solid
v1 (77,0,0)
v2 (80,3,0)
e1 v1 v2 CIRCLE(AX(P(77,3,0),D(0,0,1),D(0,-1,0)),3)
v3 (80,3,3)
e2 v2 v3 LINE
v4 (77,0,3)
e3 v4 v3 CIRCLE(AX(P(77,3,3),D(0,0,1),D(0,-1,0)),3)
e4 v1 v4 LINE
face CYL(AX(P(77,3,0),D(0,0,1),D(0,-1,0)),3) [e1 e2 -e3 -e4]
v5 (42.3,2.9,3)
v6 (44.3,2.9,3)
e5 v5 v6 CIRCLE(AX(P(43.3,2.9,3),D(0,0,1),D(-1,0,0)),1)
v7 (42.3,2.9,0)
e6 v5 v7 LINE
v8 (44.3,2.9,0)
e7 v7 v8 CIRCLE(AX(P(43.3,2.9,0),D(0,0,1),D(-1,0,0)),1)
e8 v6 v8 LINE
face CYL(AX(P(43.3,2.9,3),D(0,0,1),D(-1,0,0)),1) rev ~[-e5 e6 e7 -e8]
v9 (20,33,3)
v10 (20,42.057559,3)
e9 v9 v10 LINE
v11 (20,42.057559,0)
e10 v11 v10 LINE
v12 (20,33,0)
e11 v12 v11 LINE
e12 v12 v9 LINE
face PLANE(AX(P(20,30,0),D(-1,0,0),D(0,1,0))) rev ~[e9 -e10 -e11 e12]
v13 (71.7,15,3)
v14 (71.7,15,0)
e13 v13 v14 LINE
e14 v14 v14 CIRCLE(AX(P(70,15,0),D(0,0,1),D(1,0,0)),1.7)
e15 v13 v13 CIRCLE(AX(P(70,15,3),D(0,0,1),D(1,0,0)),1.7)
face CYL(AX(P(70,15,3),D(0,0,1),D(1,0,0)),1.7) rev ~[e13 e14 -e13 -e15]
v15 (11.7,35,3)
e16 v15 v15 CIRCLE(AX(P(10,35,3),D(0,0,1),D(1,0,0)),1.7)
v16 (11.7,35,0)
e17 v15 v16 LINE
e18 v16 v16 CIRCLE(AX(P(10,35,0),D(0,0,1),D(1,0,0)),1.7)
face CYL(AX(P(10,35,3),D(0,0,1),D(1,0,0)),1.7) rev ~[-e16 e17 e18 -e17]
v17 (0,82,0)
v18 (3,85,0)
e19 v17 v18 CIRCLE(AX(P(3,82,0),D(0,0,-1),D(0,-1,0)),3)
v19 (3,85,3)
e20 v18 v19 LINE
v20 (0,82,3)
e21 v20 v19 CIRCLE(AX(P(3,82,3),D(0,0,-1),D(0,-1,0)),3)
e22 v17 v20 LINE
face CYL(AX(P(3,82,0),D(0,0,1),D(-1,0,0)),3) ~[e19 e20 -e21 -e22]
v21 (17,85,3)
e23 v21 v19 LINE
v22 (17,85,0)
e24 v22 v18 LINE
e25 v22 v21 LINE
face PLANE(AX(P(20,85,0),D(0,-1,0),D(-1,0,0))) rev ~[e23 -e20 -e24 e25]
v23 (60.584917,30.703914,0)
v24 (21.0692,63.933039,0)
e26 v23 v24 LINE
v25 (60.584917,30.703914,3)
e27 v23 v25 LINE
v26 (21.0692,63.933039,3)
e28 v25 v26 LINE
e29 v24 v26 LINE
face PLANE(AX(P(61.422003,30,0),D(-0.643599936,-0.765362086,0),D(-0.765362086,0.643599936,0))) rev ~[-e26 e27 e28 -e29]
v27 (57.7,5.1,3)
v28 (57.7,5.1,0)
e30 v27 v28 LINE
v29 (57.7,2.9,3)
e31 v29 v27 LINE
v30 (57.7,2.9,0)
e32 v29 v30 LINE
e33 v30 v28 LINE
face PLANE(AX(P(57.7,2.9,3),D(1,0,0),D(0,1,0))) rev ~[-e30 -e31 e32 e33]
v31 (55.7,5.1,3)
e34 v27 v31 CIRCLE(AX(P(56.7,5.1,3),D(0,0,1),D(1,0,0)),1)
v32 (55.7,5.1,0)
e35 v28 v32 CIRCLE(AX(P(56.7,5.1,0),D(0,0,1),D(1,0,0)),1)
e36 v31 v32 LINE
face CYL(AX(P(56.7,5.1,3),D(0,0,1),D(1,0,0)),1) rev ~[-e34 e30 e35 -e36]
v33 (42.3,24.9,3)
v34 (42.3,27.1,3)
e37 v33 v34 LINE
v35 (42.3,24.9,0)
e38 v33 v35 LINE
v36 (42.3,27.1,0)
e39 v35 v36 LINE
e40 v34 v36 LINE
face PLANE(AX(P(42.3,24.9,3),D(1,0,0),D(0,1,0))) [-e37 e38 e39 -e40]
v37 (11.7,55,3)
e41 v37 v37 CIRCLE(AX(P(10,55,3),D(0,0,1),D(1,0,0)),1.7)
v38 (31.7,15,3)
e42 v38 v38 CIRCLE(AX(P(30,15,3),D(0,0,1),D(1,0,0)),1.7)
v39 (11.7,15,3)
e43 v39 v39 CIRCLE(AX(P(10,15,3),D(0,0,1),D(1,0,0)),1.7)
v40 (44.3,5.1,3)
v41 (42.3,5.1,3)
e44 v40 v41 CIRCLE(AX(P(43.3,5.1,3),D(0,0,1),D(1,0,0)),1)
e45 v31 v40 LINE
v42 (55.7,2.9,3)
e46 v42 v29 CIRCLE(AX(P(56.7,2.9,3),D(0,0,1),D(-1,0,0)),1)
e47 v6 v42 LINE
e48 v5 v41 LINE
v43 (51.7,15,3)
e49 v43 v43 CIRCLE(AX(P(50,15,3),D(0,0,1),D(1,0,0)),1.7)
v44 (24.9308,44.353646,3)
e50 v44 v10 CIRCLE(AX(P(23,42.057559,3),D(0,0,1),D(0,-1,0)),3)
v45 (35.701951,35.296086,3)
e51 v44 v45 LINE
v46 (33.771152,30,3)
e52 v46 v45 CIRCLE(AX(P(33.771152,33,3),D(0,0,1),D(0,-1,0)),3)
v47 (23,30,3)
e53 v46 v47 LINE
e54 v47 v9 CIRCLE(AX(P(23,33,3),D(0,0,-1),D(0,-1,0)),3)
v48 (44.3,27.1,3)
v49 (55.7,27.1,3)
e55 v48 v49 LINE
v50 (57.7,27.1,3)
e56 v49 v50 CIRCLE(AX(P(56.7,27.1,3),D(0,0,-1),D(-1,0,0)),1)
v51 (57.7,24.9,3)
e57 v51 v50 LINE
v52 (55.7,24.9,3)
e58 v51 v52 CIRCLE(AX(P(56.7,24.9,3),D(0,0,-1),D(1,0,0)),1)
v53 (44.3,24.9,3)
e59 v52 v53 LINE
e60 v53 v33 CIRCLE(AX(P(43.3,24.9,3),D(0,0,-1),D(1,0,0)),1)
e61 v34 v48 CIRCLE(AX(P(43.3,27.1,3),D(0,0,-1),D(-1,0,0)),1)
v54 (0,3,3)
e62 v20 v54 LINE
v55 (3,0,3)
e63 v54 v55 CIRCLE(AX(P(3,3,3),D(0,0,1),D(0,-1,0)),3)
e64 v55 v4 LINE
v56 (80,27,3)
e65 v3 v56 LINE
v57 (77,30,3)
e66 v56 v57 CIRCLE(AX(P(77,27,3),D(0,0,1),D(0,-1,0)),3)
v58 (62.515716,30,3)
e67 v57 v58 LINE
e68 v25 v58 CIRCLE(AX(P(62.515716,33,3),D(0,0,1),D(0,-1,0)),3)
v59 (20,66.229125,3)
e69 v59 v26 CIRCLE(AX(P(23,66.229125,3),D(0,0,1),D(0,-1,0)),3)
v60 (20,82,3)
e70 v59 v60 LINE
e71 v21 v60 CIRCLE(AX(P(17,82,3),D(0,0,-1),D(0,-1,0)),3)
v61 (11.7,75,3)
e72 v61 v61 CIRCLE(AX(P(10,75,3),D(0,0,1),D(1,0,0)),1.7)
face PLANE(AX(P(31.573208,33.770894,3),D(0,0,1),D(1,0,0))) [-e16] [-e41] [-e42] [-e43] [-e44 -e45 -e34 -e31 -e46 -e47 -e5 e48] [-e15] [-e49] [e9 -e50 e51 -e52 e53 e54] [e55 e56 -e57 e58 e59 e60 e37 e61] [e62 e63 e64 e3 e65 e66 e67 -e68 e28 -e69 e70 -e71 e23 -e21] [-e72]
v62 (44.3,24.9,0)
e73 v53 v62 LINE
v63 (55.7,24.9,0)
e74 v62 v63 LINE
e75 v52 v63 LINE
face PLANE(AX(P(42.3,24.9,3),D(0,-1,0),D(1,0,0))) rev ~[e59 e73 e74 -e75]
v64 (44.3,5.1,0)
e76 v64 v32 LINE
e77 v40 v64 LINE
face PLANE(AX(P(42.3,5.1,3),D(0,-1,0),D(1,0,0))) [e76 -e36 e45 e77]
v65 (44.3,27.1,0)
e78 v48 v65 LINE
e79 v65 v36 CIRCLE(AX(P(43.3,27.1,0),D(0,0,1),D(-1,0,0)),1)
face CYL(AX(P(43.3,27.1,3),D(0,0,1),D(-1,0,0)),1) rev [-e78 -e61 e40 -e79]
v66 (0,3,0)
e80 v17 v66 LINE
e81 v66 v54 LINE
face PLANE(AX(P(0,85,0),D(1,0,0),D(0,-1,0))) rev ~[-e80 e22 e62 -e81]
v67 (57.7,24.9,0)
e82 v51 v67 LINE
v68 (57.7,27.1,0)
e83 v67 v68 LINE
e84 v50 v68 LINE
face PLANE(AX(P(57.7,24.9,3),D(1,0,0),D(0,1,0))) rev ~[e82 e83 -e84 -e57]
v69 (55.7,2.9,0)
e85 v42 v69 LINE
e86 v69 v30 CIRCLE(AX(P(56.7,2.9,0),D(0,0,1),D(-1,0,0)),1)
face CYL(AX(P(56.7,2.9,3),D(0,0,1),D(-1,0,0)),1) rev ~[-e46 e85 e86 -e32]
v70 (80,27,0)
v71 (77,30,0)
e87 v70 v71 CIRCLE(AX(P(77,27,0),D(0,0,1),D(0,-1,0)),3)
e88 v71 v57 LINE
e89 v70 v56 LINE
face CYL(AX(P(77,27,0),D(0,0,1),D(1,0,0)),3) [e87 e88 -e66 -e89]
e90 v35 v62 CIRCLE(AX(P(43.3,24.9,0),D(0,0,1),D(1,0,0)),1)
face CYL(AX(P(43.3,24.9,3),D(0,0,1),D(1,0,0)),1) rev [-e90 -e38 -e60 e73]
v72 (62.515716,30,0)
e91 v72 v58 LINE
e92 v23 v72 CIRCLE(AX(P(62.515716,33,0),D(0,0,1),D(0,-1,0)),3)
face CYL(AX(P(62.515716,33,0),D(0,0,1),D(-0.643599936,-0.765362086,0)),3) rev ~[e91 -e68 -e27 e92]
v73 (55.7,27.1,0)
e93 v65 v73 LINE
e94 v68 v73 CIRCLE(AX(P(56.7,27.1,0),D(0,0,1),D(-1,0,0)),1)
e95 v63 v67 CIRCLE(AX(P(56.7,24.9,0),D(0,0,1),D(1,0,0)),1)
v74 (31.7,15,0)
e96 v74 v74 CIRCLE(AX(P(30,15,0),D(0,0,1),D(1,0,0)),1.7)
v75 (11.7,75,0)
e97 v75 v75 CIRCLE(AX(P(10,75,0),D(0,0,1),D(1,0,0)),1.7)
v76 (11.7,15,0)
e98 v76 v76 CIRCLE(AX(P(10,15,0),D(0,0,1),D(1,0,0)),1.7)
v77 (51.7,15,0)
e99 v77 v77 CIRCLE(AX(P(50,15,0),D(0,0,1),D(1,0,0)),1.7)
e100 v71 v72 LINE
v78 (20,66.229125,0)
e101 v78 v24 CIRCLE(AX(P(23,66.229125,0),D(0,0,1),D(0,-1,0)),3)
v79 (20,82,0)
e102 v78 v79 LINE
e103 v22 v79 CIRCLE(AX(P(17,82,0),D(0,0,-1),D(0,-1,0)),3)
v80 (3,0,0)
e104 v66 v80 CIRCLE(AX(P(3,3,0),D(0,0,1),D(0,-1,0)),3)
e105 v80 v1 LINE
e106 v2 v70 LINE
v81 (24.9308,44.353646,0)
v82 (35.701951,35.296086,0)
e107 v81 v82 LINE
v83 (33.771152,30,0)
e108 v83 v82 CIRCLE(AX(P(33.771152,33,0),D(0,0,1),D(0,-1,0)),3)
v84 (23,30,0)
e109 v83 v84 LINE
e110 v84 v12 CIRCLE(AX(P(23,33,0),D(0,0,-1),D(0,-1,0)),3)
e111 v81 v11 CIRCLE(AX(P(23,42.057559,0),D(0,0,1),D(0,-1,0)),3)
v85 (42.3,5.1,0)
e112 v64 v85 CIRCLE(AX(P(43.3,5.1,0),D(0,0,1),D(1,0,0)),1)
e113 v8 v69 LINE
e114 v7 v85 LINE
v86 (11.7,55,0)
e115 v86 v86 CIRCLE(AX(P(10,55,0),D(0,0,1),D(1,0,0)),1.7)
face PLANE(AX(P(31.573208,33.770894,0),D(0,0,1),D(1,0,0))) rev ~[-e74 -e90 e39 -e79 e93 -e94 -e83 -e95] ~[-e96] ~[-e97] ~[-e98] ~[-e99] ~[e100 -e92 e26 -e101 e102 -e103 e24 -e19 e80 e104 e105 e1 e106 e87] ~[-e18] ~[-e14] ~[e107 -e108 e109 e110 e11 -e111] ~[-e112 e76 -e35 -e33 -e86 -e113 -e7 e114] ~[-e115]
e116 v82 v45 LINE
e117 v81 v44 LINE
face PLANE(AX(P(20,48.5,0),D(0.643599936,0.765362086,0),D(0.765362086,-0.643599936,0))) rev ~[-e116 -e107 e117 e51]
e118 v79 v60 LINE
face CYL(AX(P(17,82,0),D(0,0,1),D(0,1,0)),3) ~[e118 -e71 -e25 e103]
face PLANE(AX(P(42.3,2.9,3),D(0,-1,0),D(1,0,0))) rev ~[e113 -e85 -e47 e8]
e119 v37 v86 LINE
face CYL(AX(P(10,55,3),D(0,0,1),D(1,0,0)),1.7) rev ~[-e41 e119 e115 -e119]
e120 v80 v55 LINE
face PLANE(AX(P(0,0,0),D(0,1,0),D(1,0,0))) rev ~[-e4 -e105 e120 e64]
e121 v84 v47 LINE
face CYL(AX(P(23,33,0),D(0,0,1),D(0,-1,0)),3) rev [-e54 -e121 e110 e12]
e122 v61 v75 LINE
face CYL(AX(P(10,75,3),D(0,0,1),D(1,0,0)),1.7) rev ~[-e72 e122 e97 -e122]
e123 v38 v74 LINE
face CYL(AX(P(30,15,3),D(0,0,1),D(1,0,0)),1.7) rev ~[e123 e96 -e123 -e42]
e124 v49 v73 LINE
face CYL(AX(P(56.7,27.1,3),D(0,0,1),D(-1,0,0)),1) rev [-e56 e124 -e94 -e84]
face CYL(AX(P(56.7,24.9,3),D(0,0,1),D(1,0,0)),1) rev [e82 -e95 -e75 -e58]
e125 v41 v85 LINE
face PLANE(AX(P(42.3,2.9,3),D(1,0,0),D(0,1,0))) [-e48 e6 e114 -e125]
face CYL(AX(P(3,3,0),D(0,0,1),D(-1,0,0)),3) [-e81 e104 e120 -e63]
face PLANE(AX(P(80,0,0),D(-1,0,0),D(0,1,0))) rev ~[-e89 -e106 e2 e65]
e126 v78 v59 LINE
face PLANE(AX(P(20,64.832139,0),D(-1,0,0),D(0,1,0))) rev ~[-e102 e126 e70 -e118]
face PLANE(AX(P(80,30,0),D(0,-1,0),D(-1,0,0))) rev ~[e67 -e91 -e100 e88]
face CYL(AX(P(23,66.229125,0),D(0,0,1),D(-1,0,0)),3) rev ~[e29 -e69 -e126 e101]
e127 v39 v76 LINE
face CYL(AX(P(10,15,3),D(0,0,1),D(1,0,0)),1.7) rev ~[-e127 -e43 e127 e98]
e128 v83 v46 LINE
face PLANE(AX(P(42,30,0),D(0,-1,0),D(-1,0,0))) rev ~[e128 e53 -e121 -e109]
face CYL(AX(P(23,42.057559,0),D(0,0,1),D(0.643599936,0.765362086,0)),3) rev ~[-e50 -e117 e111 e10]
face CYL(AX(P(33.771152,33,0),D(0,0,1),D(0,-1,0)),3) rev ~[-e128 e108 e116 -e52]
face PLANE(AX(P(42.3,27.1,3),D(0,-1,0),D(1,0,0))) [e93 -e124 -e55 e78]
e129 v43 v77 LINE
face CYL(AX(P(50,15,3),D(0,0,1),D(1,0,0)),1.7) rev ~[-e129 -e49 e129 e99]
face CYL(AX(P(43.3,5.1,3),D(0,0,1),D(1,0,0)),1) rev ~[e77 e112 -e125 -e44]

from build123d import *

# Parameters (mm, degrees)
EXTRUDE_1_DEPTH     = 3
SKETCH_2_R          = 1.7
CUT_EXTRUDE_1_DEPTH = 117.764720699
SKETCH_3_W          = 15.4
SKETCH_3_H          = 2.2
CUT_EXTRUDE_2_DEPTH = 10
CUT_EXTRUDE_3_DEPTH = 10
FILLET_1_R          = 3
FILLET_2_R          = 3


with BuildPart() as part:
    # 草图1 → 凸台-拉伸1 (new body)
    with BuildSketch(Plane.XY):
        Polygon((0, 85), (0, 0), (80, 0), (80, 30), (61.422003178, 30), (20, 64.832139036), (20, 85), align=None)
        Polygon((20, 30), (20, 48.5), (42, 30), align=None, mode=Mode.SUBTRACT)
    extrude(amount=EXTRUDE_1_DEPTH)

    # 草图2 → 切除-拉伸1 (cut, through all)
    with BuildSketch(Plane.XY.offset(3)):
        with Locations((10, 75)):
            Circle(SKETCH_2_R)
        with Locations((10, 55)):
            Circle(SKETCH_2_R)
        with Locations((10, 35)):
            Circle(SKETCH_2_R)
        with Locations((30, 15)):
            Circle(SKETCH_2_R)
        with Locations((50, 15)):
            Circle(SKETCH_2_R)
        with Locations((70, 15)):
            Circle(SKETCH_2_R)
        with Locations((10, 15)):
            Circle(SKETCH_2_R)
    extrude(amount=-CUT_EXTRUDE_1_DEPTH, mode=Mode.SUBTRACT)

    # 草图3 → 切除-拉伸2 (cut)
    with BuildSketch(Plane.XY.offset(3)):
        with Locations((50, 26)):
            Rectangle(SKETCH_3_W, SKETCH_3_H)
        with Locations((50, 4)):
            Rectangle(SKETCH_3_W, SKETCH_3_H)
    extrude(amount=-CUT_EXTRUDE_2_DEPTH, mode=Mode.SUBTRACT)

    # 草图4 → 切除-拉伸3 (cut)
    with BuildSketch(Plane.XY.offset(3)):
        with BuildLine():
            Line((44.3, 27.1), (55.7, 27.1))
            ThreePointArc((55.7, 27.1), (56.7, 28.1), (57.7, 27.1))
            Line((57.7, 27.1), (57.7, 24.9))
            ThreePointArc((57.7, 24.9), (56.7, 23.9), (55.7, 24.9))
            Line((55.7, 24.9), (44.3, 24.9))
            ThreePointArc((44.3, 24.9), (43.3, 23.9), (42.3, 24.9))
            Line((42.3, 24.9), (42.3, 27.1))
            ThreePointArc((42.3, 27.1), (43.3, 28.1), (44.3, 27.1))
        make_face()
        with BuildLine():
            Line((42.3, 5.1), (42.3, 2.9))
            ThreePointArc((42.3, 2.9), (43.3, 1.9), (44.3, 2.9))
            Line((44.3, 2.9), (55.7, 2.9))
            ThreePointArc((55.7, 2.9), (56.7, 1.9), (57.7, 2.9))
            Line((57.7, 2.9), (57.7, 5.1))
            ThreePointArc((57.7, 5.1), (56.7, 6.1), (55.7, 5.1))
            Line((55.7, 5.1), (44.3, 5.1))
            ThreePointArc((44.3, 5.1), (43.3, 6.1), (42.3, 5.1))
        make_face()
    extrude(amount=-CUT_EXTRUDE_3_DEPTH, mode=Mode.SUBTRACT)

    # 圆角1
    fillet_1_edges = [part.edges().sort_by_distance(p)[0] for p in [
        (20, 85, 1.5),
        (20, 64.832139036, 1.5),
        (61.422003178, 30, 1.5),
        (80, 30, 1.5),
        (80, 0, 1.5),
        (0, 0, 1.5),
        (0, 85, 1.5),
    ]]
    fillet(fillet_1_edges, radius=FILLET_1_R)

    # 圆角2
    fillet_2_edges = [part.edges().sort_by_distance(p)[0] for p in [
        (20, 30, 1.5),
        (42, 30, 1.5),
        (20, 48.5, 1.5),
    ]]
    fillet(fillet_2_edges, radius=FILLET_2_R)


solid = part.part
